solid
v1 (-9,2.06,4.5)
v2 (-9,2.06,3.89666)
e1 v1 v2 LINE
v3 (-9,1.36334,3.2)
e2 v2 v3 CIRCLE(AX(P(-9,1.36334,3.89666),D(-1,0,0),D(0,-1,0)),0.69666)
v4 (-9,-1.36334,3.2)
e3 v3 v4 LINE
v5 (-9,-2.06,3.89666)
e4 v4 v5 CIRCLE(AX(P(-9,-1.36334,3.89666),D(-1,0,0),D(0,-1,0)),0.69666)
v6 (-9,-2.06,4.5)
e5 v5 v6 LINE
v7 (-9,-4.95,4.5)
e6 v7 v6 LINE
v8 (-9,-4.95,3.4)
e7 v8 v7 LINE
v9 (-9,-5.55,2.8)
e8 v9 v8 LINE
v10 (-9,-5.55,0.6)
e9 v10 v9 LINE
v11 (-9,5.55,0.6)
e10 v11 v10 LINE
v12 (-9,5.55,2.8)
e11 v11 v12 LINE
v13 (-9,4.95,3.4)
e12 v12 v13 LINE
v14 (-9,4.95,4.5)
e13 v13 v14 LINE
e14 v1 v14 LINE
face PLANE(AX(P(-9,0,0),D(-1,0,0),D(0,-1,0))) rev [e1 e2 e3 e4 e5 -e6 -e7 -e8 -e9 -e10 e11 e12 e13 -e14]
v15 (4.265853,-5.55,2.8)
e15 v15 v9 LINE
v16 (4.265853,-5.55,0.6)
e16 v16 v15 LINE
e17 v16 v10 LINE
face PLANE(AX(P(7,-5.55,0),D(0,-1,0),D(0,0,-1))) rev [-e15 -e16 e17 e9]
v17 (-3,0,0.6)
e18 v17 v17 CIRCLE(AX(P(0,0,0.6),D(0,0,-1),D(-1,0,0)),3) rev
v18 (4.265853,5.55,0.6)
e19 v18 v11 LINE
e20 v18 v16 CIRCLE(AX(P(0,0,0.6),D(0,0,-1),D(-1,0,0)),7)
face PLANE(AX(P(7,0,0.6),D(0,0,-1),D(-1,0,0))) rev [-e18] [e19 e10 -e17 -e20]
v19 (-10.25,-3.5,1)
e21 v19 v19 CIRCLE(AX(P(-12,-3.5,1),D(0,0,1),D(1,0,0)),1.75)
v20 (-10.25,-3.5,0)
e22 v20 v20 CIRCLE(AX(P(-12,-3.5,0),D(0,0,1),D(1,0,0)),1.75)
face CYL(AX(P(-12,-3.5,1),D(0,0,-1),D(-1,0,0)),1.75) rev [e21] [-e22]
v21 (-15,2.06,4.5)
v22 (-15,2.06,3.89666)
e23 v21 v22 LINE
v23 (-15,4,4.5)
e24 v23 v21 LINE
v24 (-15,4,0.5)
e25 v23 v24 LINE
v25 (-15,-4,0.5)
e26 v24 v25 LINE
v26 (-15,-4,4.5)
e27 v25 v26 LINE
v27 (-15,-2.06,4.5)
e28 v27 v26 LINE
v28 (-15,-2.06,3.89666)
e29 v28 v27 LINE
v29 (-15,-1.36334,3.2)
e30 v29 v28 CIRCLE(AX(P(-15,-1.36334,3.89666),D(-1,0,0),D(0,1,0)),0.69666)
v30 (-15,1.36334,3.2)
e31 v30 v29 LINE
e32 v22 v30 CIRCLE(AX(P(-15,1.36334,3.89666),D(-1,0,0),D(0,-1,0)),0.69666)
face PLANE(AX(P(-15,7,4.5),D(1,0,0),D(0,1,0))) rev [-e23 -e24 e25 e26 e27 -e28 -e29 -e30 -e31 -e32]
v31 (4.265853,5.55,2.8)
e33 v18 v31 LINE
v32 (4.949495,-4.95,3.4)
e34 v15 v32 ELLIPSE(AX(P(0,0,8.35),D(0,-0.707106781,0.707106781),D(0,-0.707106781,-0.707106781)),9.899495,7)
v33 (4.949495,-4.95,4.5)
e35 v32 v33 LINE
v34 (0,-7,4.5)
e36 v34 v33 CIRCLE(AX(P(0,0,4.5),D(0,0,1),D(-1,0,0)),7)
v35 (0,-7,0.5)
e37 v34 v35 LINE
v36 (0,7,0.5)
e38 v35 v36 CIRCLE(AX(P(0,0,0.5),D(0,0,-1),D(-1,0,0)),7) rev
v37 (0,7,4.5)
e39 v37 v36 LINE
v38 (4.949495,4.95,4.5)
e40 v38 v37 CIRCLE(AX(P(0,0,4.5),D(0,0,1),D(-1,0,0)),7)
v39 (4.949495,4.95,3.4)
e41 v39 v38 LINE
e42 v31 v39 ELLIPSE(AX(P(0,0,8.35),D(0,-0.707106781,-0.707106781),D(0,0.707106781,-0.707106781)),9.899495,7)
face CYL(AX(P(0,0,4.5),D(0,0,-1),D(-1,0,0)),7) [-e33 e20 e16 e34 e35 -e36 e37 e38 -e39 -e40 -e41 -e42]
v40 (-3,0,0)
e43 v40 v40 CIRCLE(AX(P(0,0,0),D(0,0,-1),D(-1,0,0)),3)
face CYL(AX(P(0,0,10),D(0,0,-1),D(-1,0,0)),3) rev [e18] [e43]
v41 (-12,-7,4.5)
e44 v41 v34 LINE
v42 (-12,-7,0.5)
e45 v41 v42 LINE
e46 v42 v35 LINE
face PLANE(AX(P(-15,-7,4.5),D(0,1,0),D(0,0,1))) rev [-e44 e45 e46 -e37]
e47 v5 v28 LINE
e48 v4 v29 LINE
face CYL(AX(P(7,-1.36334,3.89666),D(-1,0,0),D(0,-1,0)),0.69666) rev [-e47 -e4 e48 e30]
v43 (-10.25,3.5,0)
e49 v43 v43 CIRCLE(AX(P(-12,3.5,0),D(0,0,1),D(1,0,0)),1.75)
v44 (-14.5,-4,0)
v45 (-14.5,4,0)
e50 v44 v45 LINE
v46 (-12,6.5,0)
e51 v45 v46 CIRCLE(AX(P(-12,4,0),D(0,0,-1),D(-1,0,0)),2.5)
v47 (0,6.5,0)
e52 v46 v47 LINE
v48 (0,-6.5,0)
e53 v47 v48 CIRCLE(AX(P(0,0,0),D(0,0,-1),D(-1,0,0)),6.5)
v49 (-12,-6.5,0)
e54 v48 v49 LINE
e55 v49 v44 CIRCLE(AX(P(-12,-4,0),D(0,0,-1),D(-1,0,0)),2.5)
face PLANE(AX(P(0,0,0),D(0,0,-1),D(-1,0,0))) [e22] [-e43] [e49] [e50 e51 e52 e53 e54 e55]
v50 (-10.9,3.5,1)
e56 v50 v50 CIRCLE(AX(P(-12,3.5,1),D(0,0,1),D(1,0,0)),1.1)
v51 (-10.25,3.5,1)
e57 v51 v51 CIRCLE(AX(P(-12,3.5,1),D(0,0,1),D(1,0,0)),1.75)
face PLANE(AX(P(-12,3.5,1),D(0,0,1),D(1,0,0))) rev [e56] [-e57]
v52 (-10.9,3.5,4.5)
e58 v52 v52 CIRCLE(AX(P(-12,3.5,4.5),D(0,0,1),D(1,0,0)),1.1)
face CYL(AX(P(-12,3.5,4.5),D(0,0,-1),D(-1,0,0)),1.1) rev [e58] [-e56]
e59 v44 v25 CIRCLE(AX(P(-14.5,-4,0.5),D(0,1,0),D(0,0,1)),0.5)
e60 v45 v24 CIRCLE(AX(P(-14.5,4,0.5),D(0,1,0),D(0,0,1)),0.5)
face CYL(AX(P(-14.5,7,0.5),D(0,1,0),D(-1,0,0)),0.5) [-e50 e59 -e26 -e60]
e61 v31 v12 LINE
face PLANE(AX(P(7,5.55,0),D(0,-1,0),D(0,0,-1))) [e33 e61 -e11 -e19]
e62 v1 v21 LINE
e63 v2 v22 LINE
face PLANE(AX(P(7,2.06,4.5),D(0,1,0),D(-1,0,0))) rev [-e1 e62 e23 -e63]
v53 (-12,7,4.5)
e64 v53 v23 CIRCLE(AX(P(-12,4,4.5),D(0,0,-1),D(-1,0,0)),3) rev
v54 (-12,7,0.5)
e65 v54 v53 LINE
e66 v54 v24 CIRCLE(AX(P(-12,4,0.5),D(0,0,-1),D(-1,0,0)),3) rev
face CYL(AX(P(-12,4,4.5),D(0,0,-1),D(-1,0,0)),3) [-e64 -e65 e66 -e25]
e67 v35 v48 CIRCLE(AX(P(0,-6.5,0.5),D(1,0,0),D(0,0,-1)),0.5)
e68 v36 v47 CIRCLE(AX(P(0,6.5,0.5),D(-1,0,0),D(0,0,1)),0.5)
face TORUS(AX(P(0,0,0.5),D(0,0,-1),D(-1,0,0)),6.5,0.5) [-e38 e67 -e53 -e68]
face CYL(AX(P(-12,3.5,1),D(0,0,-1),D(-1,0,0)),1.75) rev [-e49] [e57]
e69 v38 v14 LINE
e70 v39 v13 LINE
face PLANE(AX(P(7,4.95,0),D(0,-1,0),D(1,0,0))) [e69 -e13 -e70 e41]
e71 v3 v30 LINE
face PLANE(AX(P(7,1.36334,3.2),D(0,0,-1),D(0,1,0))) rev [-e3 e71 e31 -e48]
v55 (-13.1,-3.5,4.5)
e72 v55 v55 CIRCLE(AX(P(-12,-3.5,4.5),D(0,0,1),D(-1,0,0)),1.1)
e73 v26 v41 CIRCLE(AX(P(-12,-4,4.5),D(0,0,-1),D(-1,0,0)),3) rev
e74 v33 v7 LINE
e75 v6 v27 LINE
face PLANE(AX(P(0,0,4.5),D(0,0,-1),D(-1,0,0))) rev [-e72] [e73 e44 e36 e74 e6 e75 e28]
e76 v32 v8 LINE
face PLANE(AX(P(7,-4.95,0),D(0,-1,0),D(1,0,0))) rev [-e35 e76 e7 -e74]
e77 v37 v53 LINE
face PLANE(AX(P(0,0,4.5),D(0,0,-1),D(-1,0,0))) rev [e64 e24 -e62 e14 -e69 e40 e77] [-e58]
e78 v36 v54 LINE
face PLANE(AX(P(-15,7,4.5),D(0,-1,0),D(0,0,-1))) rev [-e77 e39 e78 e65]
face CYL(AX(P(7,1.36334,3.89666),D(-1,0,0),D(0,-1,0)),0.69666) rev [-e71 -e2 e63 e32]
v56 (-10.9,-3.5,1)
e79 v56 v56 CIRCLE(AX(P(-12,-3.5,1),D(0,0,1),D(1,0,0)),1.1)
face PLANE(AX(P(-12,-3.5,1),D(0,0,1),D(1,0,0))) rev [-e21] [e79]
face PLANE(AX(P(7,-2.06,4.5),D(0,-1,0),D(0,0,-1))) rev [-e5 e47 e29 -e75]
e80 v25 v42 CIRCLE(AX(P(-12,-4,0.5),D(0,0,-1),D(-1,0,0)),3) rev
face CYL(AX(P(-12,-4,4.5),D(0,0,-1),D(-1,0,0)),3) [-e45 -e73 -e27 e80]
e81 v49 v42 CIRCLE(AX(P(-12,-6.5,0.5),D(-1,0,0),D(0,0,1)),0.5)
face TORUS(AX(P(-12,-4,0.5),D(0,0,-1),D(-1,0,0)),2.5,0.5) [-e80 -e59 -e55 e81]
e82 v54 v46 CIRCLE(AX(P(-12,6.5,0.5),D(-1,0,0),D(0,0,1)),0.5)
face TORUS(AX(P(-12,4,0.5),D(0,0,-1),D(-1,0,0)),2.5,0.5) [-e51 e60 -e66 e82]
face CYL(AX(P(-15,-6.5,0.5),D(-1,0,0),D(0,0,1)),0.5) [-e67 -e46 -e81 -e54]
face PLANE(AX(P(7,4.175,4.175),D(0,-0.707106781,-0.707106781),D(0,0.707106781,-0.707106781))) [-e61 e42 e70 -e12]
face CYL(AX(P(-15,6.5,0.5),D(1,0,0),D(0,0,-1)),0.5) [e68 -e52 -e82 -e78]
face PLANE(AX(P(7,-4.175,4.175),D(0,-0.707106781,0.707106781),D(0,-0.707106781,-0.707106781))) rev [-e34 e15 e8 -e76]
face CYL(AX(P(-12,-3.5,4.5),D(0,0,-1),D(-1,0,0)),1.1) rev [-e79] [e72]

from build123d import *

# Parameters (mm, degrees)
SKETCH1_R           = 1.1
BOSS_EXTRUDE1_DEPTH = 4.5
SKETCH2_R           = 3
CUT_EXTRUDE2_DEPTH  = 10
CUT_EXTRUDE4_START  = -6
CUT_EXTRUDE4_DEPTH  = 17
CUT_EXTRUDE6_DEPTH  = 23
FILLET4_R           = 3
FILLET1_R           = 0.5
SKETCH5_R           = 1.75
CUT_EXTRUDE5_DEPTH  = 1


with BuildPart() as part:
    # Sketch1 → Boss-Extrude1 (new body)
    with BuildSketch(Plane.XY):
        with BuildLine():
            Line((-15, 7), (0, 7))
            ThreePointArc((0, 7), (7, 0), (0, -7))
            Line((0, -7), (-15, -7))
            Line((-15, -7), (-15, 7))
        make_face()
        with Locations((-12, 3.5)):
            Circle(SKETCH1_R, mode=Mode.SUBTRACT)
        with Locations((-12, -3.5)):
            Circle(SKETCH1_R, mode=Mode.SUBTRACT)
    extrude(amount=BOSS_EXTRUDE1_DEPTH)

    # Sketch2 → Cut-Extrude2 (cut)
    with BuildSketch(Plane(origin=(0, 0, 0), x_dir=(-1, 0, 0), z_dir=(0, 0, -1))):
        Circle(SKETCH2_R)
    extrude(amount=-CUT_EXTRUDE2_DEPTH, mode=Mode.SUBTRACT)

    # Sketch7 → Cut-Extrude4 (cut, through all)
    with BuildSketch(Plane.ZY.offset(15).offset(CUT_EXTRUDE4_START)):
        Polygon((2.8, 5.55), (0.6, 5.55), (0.6, 0), (4.5, 0), (4.5, 4.95), (3.4, 4.95), align=None)
        Polygon((4.5, 0), (0.6, 0), (0.6, -5.55), (2.8, -5.55), (3.4, -4.95), (4.5, -4.95), align=None)
    extrude(amount=-CUT_EXTRUDE4_DEPTH, mode=Mode.SUBTRACT)

    # Sketch8 → Cut-Extrude6 (cut, through all)
    with BuildSketch(Plane.ZY.offset(15)):
        with BuildLine():
            Line((3.2, 1.363340016), (3.2, -1.363340016))
            ThreePointArc((3.2, -1.363340016), (3.404046985, -1.855953015), (3.896659984, -2.06))
            Line((3.896659984, -2.06), (4.5, -2.06))
            Line((4.5, -2.06), (4.5, 2.06))
            Line((4.5, 2.06), (3.896659984, 2.06))
            ThreePointArc((3.896659984, 2.06), (3.404046985, 1.855953015), (3.2, 1.363340016))
        make_face()
    extrude(amount=-CUT_EXTRUDE6_DEPTH, mode=Mode.SUBTRACT)

    # Fillet4
    fillet4_edges = [part.edges().sort_by_distance(p)[0] for p in [
        (-15, -7, 2.25),
        (-15, 7, 2.25),
    ]]
    fillet(fillet4_edges, radius=FILLET4_R)

    # Fillet1
    fillet1_edges = [part.edges().sort_by_distance(p)[0] for p in [
        (-6, 7, 0),
        (7, 0, 0),
        (-15, 0, 0),
        (-6, -7, 0),
        (-14.121320344, -6.121320344, 0),
        (-14.121320344, 6.121320344, 0),
    ]]
    fillet(fillet1_edges, radius=FILLET1_R)

    # Sketch5 → Cut-Extrude5 (cut)
    with BuildSketch(Plane.XY):
        with Locations((-12, 3.5)):
            Circle(SKETCH5_R)
        with Locations((-12, -3.5)):
            Circle(SKETCH5_R)
    extrude(amount=CUT_EXTRUDE5_DEPTH, mode=Mode.SUBTRACT)


solid = part.part
